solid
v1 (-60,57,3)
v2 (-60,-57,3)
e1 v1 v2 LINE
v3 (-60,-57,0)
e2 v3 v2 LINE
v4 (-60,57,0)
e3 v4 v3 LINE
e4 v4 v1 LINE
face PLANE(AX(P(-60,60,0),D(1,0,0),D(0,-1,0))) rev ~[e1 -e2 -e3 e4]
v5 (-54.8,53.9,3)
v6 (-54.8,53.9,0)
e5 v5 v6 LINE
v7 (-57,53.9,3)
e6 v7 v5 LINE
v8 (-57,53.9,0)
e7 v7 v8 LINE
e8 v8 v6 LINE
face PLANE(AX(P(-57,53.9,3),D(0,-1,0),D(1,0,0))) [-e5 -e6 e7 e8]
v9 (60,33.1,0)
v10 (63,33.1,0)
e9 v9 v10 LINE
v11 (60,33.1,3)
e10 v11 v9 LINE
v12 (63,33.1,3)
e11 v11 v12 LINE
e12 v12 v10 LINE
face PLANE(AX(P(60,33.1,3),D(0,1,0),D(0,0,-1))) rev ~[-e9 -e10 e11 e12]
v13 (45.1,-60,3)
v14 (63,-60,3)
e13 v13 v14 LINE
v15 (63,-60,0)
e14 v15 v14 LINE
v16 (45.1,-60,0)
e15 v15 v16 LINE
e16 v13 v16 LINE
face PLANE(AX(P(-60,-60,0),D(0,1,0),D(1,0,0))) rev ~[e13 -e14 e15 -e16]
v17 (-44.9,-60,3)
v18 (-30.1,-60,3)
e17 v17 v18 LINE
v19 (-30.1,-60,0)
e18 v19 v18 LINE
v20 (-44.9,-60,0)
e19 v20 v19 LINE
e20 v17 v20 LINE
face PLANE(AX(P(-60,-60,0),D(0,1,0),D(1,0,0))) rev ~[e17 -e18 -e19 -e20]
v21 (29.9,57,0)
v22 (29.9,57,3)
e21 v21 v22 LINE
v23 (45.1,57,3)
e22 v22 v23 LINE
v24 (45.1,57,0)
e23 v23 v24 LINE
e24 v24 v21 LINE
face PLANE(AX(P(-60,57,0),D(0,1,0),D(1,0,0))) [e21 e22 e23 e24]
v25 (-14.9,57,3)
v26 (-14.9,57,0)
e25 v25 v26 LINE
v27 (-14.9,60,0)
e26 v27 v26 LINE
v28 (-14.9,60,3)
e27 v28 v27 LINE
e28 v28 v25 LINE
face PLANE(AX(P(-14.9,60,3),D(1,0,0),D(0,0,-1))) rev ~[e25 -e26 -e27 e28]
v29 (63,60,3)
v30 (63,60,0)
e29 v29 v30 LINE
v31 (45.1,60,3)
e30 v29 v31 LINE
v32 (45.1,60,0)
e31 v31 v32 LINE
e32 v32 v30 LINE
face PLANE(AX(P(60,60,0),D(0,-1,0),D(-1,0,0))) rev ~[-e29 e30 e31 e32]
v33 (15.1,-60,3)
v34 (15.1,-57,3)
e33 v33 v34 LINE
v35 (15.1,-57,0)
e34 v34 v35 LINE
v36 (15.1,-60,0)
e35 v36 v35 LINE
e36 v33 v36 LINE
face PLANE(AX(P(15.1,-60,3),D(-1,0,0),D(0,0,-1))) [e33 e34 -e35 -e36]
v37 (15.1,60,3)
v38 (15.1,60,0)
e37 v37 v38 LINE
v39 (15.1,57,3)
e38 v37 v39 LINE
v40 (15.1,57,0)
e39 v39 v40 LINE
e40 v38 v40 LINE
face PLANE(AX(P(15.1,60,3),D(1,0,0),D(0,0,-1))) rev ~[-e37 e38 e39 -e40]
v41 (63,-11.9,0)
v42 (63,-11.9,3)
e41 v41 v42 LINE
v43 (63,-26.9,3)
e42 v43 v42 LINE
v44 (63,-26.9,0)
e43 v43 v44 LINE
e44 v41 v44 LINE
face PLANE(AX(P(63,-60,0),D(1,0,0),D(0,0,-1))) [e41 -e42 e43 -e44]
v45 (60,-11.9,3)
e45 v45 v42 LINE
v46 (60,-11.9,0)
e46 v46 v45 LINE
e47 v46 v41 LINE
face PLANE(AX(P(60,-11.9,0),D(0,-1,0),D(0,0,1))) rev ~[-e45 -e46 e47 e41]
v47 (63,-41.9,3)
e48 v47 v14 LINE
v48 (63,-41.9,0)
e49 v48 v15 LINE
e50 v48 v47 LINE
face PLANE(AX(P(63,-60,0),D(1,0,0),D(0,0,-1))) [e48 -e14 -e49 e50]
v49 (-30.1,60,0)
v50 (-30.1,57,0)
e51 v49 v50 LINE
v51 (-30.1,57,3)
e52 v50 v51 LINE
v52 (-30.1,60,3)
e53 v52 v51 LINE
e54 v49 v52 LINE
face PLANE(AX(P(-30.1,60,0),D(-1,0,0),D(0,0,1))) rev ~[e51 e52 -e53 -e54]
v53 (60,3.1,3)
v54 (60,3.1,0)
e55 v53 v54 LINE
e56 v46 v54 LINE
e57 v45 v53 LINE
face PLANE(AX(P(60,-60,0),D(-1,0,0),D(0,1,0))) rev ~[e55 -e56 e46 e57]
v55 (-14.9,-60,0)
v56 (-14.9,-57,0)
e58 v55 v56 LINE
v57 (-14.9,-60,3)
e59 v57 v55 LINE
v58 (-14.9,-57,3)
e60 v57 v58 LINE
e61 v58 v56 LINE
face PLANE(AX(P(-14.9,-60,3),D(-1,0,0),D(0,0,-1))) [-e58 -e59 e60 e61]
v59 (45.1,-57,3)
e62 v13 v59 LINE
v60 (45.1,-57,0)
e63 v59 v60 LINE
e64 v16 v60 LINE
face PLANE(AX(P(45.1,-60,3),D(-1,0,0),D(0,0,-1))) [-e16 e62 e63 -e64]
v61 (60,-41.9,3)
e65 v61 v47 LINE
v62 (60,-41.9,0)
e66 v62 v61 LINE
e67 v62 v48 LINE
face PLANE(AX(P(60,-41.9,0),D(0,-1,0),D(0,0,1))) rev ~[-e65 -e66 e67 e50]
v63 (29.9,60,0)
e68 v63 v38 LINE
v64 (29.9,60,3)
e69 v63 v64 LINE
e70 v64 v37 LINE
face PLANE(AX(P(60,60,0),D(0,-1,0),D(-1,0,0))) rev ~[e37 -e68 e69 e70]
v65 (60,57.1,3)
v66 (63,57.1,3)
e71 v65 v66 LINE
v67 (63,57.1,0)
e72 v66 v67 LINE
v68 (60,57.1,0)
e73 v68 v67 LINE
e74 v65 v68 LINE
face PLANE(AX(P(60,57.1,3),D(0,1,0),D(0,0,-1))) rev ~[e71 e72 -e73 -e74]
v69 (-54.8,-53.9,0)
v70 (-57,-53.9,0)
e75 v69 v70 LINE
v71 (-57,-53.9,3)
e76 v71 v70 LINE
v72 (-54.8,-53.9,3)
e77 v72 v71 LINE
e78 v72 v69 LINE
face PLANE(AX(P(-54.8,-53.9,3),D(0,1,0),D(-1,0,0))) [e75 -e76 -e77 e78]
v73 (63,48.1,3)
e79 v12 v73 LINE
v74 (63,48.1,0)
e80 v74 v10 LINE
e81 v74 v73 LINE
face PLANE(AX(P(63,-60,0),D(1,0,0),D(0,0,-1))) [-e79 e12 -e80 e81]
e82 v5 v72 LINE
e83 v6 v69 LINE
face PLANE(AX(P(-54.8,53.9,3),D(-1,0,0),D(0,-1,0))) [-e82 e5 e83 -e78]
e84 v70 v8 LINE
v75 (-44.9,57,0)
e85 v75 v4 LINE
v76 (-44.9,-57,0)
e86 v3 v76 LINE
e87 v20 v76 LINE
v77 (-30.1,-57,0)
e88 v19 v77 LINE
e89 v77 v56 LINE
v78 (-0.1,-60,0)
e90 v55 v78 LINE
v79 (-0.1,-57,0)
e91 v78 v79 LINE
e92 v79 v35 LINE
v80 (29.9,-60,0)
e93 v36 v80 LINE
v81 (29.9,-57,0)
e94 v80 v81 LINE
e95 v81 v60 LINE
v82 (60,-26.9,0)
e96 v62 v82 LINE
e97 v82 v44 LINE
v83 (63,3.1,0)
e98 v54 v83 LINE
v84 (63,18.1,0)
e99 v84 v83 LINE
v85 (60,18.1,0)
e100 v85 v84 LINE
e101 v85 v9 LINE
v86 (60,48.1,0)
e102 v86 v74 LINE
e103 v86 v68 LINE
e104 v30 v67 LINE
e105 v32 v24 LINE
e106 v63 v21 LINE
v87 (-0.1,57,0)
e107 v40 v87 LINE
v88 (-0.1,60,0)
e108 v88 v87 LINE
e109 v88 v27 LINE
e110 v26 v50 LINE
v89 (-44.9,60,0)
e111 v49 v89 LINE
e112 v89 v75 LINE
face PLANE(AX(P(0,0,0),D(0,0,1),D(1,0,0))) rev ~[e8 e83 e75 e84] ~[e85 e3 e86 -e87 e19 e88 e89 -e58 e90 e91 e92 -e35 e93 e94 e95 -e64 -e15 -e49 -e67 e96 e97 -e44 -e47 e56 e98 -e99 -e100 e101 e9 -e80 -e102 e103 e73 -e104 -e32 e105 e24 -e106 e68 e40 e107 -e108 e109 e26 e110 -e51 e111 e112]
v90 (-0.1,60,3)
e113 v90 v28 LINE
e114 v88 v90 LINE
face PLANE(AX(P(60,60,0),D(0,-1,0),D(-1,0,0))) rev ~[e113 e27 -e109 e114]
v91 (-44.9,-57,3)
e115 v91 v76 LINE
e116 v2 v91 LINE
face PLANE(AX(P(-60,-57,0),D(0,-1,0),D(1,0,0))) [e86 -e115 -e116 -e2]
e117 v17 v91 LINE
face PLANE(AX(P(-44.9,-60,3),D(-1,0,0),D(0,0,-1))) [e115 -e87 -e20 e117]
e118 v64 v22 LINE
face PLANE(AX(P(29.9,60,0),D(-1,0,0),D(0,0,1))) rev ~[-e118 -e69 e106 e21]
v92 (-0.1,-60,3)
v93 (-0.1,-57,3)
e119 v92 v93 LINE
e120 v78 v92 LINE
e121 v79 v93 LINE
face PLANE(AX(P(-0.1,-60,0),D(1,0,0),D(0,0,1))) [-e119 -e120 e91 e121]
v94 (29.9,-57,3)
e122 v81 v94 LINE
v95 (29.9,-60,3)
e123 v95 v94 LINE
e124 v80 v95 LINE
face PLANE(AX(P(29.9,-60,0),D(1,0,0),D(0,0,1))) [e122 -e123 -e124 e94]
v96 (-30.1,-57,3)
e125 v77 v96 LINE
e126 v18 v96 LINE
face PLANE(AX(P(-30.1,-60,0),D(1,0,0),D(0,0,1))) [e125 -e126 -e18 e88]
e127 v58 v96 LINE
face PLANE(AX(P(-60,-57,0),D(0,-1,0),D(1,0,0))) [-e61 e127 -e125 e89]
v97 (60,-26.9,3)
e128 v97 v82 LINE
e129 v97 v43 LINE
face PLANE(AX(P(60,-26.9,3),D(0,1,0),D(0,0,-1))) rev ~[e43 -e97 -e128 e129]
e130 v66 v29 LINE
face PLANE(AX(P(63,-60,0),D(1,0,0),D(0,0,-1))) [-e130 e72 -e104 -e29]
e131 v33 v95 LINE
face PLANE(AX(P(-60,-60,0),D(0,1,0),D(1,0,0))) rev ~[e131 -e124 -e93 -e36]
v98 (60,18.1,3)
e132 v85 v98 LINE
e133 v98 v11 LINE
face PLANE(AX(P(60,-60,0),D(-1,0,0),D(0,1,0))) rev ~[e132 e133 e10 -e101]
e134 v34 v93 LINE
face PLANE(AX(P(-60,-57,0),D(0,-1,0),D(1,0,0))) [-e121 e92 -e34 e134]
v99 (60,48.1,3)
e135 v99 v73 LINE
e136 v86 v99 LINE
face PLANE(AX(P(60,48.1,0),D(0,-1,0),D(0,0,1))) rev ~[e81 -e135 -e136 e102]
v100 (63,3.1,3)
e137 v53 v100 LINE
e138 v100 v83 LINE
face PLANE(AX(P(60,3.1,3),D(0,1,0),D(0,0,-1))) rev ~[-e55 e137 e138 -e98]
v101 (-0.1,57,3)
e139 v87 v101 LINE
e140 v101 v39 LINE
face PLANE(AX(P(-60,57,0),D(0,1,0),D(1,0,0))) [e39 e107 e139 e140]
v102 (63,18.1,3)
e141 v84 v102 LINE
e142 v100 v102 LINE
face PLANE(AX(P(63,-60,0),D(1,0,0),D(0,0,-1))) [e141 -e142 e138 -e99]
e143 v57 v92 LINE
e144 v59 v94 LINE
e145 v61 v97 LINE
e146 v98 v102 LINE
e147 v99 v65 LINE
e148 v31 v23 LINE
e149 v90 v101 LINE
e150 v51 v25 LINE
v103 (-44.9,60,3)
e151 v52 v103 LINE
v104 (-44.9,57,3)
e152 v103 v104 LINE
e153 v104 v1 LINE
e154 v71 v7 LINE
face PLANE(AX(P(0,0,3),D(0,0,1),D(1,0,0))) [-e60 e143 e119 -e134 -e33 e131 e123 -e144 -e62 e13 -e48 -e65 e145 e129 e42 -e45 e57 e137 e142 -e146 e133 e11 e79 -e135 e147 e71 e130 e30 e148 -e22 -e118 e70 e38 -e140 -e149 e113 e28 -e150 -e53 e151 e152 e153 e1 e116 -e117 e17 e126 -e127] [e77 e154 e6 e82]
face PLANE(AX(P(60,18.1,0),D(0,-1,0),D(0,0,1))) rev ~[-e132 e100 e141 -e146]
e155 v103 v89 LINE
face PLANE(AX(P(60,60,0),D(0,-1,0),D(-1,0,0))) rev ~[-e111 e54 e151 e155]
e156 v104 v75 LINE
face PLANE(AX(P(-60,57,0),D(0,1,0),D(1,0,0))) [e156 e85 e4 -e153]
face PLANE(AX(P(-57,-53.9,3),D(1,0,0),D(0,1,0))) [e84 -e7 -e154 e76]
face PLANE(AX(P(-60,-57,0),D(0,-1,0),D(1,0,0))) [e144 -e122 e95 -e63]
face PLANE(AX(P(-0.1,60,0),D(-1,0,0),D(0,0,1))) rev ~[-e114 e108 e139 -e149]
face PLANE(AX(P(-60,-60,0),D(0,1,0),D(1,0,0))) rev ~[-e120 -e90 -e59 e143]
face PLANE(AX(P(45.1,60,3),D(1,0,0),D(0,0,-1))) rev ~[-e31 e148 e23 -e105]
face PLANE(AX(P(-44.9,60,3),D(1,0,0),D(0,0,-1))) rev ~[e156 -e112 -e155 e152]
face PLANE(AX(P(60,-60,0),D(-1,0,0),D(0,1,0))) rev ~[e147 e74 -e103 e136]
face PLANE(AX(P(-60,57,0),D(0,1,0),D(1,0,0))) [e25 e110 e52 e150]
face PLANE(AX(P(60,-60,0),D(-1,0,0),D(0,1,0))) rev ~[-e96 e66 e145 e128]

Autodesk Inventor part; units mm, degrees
ref_plane "YZ Plane" through (0, 0, 0) normal (1, 0, 0) x (0, 1, 0)
ref_plane "XZ Plane" through (0, 0, 0) normal (0, 1, 0) x (-1, 0, 0)
ref_plane "XY Plane" through (0, 0, 0) normal (0, 0, 1) x (1, 0, 0)
sketch "Esboço1" plane through (0, 0, 0) normal (0, 0, 1) x (1, 0, 0)
  line L0 (-60, -60) -> (60, -60)
  line L1 (60, -60) -> (60, 60)
  line L2 (60, 60) -> (-60, 60)
  line L3 (-60, 60) -> (-60, -60)
  line L4 (-60, -60) -> (60, 60) construction
  line L5 (60, -60) -> (-60, 60) construction
  point P0 (0, 0)
  dimension "d0" = 120
  dimension "d1" = 120
extrude "Extrusão1" add sketch "Esboço1" along normal blind 3
sketch "Esboço2" plane through (-60, 60, 0) normal (0, 1, 0) x (1, 0, 0)
  line L0 (120, -3) -> (0, -3) projected
  line L1 (120, 0) -> (0, 0) projected
  line L2 (0, -3) -> (15.1, -3)
  line L3 (15.1, -3) -> (15.1, 0)
  line L4 (15.1, 0) -> (0, 0)
  line L5 (0, 0) -> (0, -3)
  line L6 (-0.1, 0) -> (-0.1, -3)
  line L7 (29.9, 0) -> (29.9, -3)
  line L8 (45.1, 0) -> (30, 0)
  line L9 (30, -3) -> (45.1, -3)
  line L10 (45.1, -3) -> (45.1, 0)
  line L11 (59.9, 0) -> (59.9, -3)
  line L12 (75.1, 0) -> (60, 0)
  line L13 (60, -3) -> (75.1, -3)
  line L14 (75.1, -3) -> (75.1, 0)
  line L15 (89.9, 0) -> (89.9, -3)
  line L16 (105.1, 0) -> (90, 0)
  line L17 (90, -3) -> (105.1, -3)
  line L18 (105.1, -3) -> (105.1, 0)
  point P0 (89.9, 0)
  point P1 (59.9, 0)
  point P2 (29.9, 0)
  dimension "d4" = 15.1
  dimension "d57" = 30
  dimension "d63" = 0.1
extrude "Extrusão2" cut sketch "Esboço2" against normal blind 3 contours L0 L15 L1 L18 | L0 L11 L1 L14 | L0 L7 L1 L10 | L0 L5 L1 L3
sketch "Esboço3" plane through (-60, -60, 0) normal (0, -1, 0) x (1, 0, 0)
  line L0 (0, 0) -> (120, 0) projected
  line L1 (0, 3) -> (15.1, 3)
  line L2 (15.1, 3) -> (15.1, 0)
  line L3 (15.1, 0) -> (0, 0)
  line L4 (0, 0) -> (0, 3)
  line L5 (-0.1, 0) -> (-0.1, 3)
  line L6 (-0.1, 0) -> (15.1, 0)
  line L7 (15.1, 0) -> (15.1, 3)
  line L8 (15.1, 3) -> (-0.1, 3)
  line L9 (-0.1, 3) -> (-0.1, 0)
  line L10 (29.9, 0) -> (29.9, 3)
  line L11 (45.1, 0) -> (30, 0)
  line L12 (30, 3) -> (45.1, 3)
  line L13 (45.1, 3) -> (45.1, 0)
  line L14 (59.9, 0) -> (59.9, 3)
  line L15 (75.1, 0) -> (60, 0)
  line L16 (60, 3) -> (75.1, 3)
  line L17 (75.1, 3) -> (75.1, 0)
  line L18 (89.9, 0) -> (89.9, 3)
  line L19 (105.1, 0) -> (90, 0)
  line L20 (90, 3) -> (105.1, 3)
  line L21 (105.1, 3) -> (105.1, 0)
  line L22 (0, 0) -> (0, 3) projected
  line L23 (0, 3) -> (120, 3) projected
  line L24 (120, 3) -> (120, 0) projected
  line L25 (120, 0) -> (0, 0) projected
  point P0 (-0.1, 1.5)
  point P1 (29.9, 1.5)
  point P2 (59.9, 1.5)
  point P3 (89.9, 1.5)
  point P4 (105.1, 0)
  point P5 (89.9, 0)
  point P6 (75.1, 0)
  point P7 (59.9, 0)
  point P8 (45.1, 0)
  point P9 (29.9, 0)
  dimension "d14" = 15.1
  dimension "d47" = 15.2
  dimension "d50" = 30
  dimension "d64" = 0.1
extrude "Extrusão3" cut sketch "Esboço3" against normal blind 3 contours L4 L1 L2 L0 | L10 L23 L12 L13 L0 | L14 L23 L16 L17 L0 | L18 L23 L20 L21 L0
sketch "Esboço5" plane through (60, -60, 0) normal (1, 0, 0) x (0, 0, -1)
  line L0 (0, 3) -> (-3, 3) projected
  line L1 (-3, 3) -> (0, 3)
  line L2 (0, 3) -> (0, 18.1)
  line L3 (0, 18.1) -> (-3, 18.1)
  line L4 (-3, 18.1) -> (-3, 3)
  line L5 (0, 0) -> (-3, 0) projected
  line L6 (-3, 0) -> (-3, 120) projected
  line L7 (-3, 120) -> (0, 120) projected
  line L8 (0, 120) -> (0, 0) projected
  line L9 (0, 0) -> (-3, 0) projected
  line L10 (-3, 0) -> (-3, 120) projected
  line L11 (-3, 120) -> (0, 120) projected
  line L12 (0, 120) -> (0, 0) projected
  line L13 (-3, 3.1) -> (0, 3.1)
  line L14 (-3, 33.1) -> (0, 33.1)
  line L15 (0, 48.1) -> (-3, 48.1)
  line L16 (-3, 63.1) -> (0, 63.1)
  line L17 (0, 78.1) -> (-3, 78.1)
  line L18 (-3, 93.1) -> (0, 93.1)
  line L19 (0, 108.1) -> (-3, 108.1)
  line L20 (-3, 123.1) -> (0, 123.1)
  line L21 (0, 138.1) -> (-3, 138.1)
  line L22 (-3, 153.1) -> (0, 153.1)
  line L23 (0, 168.1) -> (-3, 168.1)
  line L24 (-3, 183.1) -> (0, 183.1)
  line L25 (0, 198.1) -> (-3, 198.1)
  line L26 (-3, 213.1) -> (0, 213.1)
  line L27 (0, 228.1) -> (-3, 228.1)
  line L28 (-3, 243.1) -> (0, 243.1)
  line L29 (0, 258.1) -> (-3, 258.1)
  line L30 (-3, 273.1) -> (0, 273.1)
  line L31 (0, 288.1) -> (-3, 288.1)
  line L32 (-3, 117.1) -> (0, 117.1)
  point P0 (-1.5, 3)
  point P1 (-3, 3.1)
  point P2 (-1.5, 120)
  dimension "d35" = 3
  dimension "d36" = 15.1
  dimension "d65" = 0.1
  dimension "d68" = 30
  dimension "d73" = 2.9
extrude "Extrusão5" add sketch "Esboço5" along normal blind 3 contours L8 L5 L6 L0 | L0 L4 L13 L2 | L13 L4 L3 L2 | L14 L6 L15 L8 | L16 L6 L17 L8 | L18 L6 L19 L8 | L32 L6 L7 L8
sketch "Esboço6" plane through (0, 0, 3) normal (0, 0, 1) x (1, 0, 0)
  line L0 (-54.8, -53.9) -> (-57, -53.9)
  line L1 (-57, -53.9) -> (-57, 53.9)
  line L2 (-57, 53.9) -> (-54.8, 53.9)
  line L3 (-54.8, 53.9) -> (-54.8, -53.9)
  line L4 (-54.8, -53.9) -> (-57, 53.9) construction
  line L5 (-57, -53.9) -> (-54.8, 53.9) construction
  line L6 (-44.9, 57) -> (-60, 57) projected
  line L7 (-60, 57) -> (-60, -57) projected
  point P0 (0, 0)
  point P1 (-55.9, 0)
  dimension "d74" = 3.1
  dimension "d75" = 3
  dimension "d76" = 2.2
extrude "Extrusão6" cut sketch "Esboço6" against normal up to surface (3 mm away)
properties part number "Base"
